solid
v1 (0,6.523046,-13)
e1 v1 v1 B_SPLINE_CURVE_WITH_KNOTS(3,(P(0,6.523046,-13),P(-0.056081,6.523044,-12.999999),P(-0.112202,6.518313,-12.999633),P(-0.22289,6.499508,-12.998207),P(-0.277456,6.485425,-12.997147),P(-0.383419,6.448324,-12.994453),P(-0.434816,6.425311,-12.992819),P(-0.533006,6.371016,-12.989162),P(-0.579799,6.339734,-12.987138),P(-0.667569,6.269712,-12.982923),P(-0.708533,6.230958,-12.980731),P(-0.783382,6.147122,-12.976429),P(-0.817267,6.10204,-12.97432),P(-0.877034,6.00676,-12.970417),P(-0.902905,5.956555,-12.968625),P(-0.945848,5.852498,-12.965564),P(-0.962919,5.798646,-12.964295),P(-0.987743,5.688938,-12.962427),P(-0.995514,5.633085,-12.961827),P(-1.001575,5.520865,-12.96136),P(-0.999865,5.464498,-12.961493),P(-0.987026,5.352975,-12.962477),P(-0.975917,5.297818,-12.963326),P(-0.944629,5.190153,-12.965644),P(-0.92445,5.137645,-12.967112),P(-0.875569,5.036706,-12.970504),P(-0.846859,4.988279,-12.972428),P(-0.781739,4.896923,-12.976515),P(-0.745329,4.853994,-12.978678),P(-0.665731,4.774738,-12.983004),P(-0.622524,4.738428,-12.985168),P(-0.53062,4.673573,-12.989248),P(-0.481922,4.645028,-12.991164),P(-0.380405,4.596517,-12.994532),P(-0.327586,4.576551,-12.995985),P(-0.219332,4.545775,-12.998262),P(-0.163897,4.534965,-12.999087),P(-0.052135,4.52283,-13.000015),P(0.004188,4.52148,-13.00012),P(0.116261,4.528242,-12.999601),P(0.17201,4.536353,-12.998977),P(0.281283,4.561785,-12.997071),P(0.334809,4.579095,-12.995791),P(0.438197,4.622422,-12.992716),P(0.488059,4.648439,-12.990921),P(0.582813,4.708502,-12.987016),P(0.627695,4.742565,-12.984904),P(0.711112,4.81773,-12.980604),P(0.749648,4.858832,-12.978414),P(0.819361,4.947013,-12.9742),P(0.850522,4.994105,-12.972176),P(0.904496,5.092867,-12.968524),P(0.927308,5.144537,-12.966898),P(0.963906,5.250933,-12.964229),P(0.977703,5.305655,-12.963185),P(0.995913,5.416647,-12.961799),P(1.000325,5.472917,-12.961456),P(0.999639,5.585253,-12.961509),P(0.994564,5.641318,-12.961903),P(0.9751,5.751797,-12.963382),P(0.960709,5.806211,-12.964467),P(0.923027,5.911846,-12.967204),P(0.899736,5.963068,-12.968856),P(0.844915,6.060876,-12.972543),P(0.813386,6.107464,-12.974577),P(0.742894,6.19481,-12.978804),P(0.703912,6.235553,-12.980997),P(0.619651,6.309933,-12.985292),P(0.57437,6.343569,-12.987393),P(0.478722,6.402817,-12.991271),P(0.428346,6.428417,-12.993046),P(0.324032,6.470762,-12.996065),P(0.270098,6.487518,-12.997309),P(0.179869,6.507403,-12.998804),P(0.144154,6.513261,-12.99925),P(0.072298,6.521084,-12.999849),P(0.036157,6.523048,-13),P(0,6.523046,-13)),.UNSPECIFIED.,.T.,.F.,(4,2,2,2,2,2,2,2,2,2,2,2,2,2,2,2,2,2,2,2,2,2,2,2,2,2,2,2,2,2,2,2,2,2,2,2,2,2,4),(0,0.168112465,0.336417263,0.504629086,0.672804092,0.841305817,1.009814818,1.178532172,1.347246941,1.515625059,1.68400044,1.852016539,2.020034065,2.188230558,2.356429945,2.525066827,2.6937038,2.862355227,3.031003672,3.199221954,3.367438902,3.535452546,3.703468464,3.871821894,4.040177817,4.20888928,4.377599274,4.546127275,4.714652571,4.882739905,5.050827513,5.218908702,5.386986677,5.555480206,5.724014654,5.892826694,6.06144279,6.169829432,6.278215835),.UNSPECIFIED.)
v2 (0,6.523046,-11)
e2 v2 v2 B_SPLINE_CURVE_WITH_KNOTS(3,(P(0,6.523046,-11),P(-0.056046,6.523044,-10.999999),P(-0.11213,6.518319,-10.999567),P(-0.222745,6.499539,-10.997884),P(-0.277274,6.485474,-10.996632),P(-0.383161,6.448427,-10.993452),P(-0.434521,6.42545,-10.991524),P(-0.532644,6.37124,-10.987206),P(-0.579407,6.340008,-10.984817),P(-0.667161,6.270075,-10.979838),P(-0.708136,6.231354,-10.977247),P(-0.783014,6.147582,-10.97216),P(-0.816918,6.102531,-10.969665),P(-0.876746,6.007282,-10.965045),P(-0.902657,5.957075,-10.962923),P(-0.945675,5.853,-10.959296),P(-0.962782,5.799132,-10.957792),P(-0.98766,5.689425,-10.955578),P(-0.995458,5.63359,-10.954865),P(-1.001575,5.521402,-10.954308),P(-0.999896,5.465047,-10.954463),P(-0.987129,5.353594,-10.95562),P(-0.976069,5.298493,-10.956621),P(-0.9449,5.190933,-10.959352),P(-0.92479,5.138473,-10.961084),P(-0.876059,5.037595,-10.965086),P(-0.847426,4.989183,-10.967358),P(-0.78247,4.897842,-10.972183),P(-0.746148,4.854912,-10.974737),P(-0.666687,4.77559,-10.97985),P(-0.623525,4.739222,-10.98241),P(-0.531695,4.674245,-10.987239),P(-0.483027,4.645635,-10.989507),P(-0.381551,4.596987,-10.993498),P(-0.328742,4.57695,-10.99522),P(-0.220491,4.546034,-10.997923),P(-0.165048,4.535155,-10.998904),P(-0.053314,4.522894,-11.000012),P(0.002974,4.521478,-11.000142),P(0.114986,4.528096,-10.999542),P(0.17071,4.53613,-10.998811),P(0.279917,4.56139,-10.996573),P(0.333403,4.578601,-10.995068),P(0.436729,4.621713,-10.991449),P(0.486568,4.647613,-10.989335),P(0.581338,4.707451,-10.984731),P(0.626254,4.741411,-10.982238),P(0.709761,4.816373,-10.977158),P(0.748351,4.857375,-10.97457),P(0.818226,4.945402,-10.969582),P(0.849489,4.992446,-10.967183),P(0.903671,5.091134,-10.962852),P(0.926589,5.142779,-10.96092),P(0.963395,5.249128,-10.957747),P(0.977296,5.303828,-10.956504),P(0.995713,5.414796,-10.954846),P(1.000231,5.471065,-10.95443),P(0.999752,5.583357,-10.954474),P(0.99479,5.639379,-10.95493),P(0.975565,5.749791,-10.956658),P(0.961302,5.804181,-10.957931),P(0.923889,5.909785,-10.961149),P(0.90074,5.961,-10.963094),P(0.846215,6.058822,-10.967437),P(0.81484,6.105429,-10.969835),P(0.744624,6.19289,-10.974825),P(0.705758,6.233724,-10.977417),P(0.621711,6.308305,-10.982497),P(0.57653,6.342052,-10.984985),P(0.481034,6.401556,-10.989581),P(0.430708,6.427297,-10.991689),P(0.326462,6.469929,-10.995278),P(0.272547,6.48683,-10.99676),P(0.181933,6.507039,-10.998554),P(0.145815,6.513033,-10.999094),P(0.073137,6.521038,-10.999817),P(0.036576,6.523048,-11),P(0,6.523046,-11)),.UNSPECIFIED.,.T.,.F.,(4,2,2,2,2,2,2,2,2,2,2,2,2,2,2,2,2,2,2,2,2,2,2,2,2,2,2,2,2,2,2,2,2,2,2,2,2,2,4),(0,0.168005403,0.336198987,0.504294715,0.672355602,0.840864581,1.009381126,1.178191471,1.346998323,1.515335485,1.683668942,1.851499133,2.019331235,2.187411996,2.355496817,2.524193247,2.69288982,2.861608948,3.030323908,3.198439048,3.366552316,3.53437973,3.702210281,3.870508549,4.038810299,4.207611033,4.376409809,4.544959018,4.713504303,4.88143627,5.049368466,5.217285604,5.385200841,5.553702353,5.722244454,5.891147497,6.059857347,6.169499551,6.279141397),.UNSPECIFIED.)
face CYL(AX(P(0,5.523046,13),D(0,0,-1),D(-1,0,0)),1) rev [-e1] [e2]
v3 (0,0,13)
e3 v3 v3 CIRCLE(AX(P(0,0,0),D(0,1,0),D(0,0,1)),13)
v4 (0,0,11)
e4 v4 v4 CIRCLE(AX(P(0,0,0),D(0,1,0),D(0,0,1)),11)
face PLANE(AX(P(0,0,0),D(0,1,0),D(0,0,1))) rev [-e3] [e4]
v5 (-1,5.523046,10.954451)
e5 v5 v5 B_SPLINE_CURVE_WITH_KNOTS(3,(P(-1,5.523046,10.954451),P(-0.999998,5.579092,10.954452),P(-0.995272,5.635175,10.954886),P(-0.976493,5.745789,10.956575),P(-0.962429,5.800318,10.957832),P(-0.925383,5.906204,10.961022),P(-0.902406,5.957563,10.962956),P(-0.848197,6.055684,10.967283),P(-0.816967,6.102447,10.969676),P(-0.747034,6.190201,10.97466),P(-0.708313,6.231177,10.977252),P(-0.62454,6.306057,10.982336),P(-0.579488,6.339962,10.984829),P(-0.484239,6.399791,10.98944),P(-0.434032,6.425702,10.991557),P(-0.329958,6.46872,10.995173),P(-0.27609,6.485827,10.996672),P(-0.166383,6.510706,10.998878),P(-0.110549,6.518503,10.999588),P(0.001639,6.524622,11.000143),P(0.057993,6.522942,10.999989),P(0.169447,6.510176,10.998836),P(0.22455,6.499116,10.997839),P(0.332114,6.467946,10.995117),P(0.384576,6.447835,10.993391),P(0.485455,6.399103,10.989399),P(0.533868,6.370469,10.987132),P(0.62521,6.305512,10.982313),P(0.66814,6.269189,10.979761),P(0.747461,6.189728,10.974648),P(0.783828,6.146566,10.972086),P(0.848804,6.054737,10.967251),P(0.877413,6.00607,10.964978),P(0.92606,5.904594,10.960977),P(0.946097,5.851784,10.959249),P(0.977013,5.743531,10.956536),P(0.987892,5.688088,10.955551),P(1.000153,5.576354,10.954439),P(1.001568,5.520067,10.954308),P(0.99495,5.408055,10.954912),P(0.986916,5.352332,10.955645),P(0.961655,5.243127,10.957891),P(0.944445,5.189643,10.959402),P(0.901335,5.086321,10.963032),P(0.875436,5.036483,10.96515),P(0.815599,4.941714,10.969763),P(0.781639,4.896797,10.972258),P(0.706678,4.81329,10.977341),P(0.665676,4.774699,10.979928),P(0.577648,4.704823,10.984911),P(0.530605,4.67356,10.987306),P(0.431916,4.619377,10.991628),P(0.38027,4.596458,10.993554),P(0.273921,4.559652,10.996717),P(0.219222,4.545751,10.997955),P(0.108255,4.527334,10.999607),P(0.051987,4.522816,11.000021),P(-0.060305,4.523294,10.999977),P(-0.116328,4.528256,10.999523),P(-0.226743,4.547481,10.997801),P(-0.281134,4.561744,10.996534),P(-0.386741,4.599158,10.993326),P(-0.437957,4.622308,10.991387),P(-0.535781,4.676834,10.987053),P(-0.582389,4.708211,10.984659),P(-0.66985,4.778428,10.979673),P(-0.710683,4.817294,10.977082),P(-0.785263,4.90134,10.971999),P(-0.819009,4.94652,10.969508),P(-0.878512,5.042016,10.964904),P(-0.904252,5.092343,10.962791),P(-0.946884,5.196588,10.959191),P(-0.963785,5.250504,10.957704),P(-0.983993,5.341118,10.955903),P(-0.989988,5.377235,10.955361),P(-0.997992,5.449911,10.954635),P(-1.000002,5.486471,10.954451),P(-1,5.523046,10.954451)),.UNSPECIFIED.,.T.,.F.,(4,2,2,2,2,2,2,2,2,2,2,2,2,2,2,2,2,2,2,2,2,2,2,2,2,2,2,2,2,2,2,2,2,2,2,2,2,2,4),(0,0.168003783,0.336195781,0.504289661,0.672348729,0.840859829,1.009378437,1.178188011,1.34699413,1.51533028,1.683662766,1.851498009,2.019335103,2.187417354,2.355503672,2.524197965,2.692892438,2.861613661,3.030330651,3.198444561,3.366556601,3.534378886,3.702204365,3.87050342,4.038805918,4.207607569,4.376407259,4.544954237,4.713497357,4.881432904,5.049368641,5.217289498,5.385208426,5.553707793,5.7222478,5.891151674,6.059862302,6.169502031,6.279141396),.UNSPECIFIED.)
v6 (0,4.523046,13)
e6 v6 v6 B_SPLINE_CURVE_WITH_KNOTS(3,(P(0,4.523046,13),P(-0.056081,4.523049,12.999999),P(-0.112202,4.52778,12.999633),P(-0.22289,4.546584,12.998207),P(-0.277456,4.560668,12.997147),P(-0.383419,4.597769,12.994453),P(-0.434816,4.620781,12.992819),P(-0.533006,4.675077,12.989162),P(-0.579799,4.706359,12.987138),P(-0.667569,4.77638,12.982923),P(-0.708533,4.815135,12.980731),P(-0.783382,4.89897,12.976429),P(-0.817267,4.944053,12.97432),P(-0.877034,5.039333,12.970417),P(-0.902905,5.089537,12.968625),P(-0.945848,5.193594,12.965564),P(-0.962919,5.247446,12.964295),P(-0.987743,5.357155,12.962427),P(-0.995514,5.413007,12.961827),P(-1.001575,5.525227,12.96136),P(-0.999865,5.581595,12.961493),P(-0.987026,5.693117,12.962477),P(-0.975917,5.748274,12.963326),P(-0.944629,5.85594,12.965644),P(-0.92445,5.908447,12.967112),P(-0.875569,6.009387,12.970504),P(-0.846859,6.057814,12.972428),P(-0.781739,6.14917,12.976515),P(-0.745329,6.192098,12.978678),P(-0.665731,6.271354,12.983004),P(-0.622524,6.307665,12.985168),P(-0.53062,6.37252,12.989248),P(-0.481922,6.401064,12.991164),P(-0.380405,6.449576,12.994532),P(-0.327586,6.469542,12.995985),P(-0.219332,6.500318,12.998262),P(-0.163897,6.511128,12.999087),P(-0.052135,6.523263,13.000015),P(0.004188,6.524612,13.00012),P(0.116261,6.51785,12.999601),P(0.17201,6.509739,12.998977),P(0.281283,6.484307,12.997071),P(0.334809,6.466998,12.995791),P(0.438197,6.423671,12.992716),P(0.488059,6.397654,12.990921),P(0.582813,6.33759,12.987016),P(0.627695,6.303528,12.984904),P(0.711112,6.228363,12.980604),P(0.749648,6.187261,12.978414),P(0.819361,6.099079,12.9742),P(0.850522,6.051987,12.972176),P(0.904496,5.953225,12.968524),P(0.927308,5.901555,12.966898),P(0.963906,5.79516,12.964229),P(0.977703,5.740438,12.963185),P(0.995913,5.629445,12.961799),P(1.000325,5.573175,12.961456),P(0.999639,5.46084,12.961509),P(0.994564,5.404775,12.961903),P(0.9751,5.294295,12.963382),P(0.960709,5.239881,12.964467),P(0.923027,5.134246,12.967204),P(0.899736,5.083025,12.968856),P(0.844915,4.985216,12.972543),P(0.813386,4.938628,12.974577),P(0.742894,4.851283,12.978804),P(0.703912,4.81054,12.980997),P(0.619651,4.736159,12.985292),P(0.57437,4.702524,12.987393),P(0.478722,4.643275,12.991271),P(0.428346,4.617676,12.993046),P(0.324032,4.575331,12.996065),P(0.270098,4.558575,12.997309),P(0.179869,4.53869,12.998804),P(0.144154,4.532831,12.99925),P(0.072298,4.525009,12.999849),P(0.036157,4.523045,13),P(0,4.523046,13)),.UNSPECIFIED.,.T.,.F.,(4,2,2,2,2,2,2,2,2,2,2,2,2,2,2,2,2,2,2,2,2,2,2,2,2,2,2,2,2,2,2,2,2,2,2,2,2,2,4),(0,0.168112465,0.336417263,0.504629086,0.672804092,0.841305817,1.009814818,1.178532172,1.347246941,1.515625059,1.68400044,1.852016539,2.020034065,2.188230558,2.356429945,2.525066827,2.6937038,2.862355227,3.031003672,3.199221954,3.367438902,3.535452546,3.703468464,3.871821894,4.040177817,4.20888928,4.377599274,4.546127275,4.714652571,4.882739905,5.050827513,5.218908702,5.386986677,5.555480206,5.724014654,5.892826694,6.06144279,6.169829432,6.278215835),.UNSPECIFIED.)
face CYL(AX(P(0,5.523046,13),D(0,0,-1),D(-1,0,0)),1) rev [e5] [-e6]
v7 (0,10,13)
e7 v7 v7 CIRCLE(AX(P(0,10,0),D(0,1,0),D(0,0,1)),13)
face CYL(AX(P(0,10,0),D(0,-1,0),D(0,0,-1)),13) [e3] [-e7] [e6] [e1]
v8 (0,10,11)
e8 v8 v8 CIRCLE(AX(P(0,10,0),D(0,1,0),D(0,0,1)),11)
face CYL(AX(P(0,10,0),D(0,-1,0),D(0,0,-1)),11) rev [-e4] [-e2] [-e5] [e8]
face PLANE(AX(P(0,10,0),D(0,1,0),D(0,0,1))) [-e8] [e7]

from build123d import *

# Parameters (mm, degrees)
SKETCH_1_R          = 13
SKETCH_1_R_2        = 11
EXTRUDE_1_DEPTH     = 10
SKETCH_2_R          = 1
CUT_EXTRUDE_1_DEPTH = 27


with BuildPart() as part:
    # 草图1 → 凸台-拉伸1 (new body)
    with BuildSketch(Plane(origin=(0, 0, 0), x_dir=(1, 0, 0), z_dir=(0, 1, 0))):
        Circle(SKETCH_1_R)
        Circle(SKETCH_1_R_2, mode=Mode.SUBTRACT)
    extrude(amount=EXTRUDE_1_DEPTH)

    # 草图2 → 切除-拉伸1 (cut, through all)
    with BuildSketch(Plane(origin=(0, 0, -13), x_dir=(-1, 0, 0), z_dir=(0, 0, -1))):
        with Locations((0, 5.523046221)):
            Circle(SKETCH_2_R)
    extrude(amount=-CUT_EXTRUDE_1_DEPTH, mode=Mode.SUBTRACT)


solid = part.part
